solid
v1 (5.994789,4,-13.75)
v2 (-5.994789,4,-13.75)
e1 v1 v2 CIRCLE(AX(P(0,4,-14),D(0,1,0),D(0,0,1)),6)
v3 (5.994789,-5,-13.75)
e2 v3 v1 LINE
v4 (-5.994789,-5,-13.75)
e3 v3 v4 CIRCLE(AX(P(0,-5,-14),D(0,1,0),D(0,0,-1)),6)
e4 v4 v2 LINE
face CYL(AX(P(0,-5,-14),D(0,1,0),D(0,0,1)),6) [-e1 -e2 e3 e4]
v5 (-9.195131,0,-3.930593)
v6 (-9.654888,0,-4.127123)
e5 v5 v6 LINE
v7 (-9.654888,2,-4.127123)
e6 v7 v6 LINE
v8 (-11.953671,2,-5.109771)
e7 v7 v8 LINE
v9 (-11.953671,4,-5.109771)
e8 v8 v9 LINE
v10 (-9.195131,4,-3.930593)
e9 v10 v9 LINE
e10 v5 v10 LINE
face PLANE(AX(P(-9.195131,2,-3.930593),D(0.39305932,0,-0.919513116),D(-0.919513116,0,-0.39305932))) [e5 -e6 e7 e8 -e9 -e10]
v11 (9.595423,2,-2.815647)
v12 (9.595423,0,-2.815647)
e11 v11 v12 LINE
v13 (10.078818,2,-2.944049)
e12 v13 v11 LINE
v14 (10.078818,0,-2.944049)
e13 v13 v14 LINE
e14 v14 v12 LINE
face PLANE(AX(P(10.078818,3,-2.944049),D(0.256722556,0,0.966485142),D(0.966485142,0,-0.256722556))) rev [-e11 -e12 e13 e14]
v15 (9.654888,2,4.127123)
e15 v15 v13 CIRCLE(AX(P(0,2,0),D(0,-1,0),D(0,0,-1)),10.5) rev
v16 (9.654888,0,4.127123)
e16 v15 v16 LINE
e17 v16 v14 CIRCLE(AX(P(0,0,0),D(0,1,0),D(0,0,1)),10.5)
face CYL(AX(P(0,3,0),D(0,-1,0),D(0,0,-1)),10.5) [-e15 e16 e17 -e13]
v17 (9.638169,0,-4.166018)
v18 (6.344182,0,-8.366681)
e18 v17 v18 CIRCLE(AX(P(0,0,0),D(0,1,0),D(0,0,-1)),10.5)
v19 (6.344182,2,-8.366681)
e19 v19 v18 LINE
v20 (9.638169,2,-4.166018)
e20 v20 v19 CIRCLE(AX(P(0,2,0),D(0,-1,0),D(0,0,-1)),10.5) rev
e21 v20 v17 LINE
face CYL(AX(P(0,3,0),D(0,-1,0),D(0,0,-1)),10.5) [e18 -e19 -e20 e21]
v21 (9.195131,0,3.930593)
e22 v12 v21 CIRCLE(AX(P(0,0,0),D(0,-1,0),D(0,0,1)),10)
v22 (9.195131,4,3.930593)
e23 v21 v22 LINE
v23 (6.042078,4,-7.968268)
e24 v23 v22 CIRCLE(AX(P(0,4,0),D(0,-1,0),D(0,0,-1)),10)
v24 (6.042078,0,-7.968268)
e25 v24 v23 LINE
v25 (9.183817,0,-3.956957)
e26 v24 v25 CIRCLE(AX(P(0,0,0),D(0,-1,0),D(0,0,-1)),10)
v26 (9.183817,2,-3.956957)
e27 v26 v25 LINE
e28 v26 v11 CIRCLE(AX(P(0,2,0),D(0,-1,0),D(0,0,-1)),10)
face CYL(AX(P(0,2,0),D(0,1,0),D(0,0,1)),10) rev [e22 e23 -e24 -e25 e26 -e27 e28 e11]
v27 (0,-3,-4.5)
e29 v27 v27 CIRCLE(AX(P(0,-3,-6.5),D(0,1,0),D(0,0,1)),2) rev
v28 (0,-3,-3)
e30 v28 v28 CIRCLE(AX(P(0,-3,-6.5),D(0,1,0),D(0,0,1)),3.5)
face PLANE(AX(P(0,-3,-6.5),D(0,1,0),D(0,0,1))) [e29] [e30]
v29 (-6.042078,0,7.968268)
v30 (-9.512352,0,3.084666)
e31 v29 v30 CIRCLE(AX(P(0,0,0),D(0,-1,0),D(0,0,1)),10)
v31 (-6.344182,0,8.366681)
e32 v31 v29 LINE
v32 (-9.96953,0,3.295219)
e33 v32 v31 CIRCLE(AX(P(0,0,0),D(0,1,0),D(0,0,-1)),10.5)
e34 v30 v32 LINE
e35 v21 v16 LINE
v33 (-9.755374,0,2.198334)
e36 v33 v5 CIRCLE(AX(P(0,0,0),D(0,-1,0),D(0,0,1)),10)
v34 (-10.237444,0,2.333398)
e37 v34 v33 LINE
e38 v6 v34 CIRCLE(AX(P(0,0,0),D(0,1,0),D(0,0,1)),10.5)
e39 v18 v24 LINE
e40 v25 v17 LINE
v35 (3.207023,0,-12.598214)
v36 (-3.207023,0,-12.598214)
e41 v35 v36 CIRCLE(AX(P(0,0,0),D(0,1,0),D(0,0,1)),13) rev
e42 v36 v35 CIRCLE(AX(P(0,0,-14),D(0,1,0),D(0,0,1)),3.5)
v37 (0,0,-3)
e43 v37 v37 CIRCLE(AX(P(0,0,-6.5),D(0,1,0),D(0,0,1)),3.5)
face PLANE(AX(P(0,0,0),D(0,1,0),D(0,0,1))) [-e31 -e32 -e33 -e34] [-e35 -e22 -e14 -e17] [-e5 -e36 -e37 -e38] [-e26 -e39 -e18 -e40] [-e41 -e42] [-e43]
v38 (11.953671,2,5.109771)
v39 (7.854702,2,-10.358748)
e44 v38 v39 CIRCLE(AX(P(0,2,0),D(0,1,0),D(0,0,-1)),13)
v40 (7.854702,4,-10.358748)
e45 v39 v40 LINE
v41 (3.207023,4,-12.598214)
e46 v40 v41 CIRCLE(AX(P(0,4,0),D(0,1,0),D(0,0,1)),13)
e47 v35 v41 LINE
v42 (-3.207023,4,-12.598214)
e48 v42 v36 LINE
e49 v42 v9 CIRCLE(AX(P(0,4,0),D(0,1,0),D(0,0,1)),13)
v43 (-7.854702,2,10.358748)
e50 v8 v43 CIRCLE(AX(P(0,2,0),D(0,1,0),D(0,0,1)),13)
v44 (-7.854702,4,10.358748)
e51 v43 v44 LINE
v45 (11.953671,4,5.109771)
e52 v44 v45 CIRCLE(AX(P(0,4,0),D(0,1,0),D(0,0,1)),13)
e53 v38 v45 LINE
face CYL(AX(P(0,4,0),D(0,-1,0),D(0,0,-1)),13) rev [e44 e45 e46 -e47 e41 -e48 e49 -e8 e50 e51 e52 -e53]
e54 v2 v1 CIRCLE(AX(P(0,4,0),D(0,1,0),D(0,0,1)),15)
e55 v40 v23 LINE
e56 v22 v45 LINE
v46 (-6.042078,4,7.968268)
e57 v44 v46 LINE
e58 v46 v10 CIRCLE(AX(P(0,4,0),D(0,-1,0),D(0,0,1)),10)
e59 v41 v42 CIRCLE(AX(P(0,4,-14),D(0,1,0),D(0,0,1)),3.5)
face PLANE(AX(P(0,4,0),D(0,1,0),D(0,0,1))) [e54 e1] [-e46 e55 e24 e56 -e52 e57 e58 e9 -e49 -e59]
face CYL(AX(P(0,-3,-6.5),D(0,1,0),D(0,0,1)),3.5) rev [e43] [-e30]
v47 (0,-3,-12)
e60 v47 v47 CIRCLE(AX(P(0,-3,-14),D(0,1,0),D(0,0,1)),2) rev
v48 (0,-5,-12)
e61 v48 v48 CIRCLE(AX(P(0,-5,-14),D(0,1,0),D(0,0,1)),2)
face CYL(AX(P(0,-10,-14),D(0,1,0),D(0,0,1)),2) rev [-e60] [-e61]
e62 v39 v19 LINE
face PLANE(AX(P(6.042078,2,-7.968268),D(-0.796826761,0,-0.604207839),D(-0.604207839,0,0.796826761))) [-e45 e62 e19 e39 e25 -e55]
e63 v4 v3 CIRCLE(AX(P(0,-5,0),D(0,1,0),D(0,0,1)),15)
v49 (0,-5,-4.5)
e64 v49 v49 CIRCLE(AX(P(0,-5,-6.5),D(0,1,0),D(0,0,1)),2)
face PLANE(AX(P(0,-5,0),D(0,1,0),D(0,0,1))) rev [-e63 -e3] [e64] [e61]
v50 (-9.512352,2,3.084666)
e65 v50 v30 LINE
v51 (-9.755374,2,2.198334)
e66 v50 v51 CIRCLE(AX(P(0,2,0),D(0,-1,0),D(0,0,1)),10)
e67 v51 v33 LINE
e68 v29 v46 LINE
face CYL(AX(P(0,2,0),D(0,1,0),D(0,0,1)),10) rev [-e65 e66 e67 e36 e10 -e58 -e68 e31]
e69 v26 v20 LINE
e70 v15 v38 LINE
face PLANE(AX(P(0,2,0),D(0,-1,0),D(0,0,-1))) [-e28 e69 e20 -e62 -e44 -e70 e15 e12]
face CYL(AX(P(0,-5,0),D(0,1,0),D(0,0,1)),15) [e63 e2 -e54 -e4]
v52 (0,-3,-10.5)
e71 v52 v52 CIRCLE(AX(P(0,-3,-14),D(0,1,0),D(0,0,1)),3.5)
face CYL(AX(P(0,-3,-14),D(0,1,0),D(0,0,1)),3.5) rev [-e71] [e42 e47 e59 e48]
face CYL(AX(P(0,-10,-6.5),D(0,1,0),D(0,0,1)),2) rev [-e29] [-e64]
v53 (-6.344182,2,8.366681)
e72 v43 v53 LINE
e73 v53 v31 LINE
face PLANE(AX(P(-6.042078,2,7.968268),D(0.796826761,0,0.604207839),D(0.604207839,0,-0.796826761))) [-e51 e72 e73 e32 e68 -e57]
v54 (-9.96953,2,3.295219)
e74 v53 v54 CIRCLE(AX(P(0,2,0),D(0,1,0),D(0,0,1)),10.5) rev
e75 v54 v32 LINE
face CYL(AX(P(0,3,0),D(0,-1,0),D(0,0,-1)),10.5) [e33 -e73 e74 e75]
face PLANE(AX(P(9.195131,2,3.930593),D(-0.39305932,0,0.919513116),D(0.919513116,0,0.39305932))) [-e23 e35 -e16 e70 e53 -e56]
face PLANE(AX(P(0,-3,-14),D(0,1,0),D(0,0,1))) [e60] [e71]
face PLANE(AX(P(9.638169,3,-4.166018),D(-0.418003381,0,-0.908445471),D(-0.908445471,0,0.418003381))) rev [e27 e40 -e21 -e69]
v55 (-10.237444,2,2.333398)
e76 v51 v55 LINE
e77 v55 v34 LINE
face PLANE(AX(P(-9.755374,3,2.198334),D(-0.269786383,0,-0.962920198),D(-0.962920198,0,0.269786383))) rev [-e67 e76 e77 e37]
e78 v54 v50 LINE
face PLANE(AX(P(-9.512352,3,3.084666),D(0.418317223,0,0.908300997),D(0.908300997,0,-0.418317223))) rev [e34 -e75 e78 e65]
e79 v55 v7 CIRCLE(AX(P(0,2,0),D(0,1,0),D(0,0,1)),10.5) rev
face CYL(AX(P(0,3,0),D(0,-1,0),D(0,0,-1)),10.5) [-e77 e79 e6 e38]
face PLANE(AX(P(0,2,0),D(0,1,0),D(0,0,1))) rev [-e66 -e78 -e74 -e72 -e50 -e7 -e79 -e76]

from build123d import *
from build123d.topology import SkipClean

# Parameters (mm, degrees)
SKIZZE1_R                       = 15
AUFSATZ_LINEAR_AUSTRAGEN1_DEPTH = 5
AUFSATZ_LINEAR_START            = 4
SKIZZE2_R                       = 15
SKIZZE2_R_2                     = 13
AUFSATZ_LINEAR_AUSTRAGEN2_DEPTH = 4
AUFSATZ_LINEAR_AUSTRAGEN3_DEPTH = 2
AUFSATZ_LINEAR_START_2          = 3
AUFSATZ_LINEAR_AUSTRAGEN6_DEPTH = 3
SKIZZE12_R                      = 2
SCHNITT_LINEAR_AUSTRAGEN1_DEPTH = 10
SKIZZE13_R                      = 3.5
SCHNITT_LINEAR_AUSTRAGEN2_DEPTH = 7
AUFSATZ_LINEAR_AUSTRAGEN7_DEPTH = 9
SKIZZE15_R                      = 3.5
SKIZZE15_R_2                    = 2
AUFSATZ_LINEAR_AUSTRAGEN8_DEPTH = 2


with BuildPart() as part:
    # Skizze1 → Aufsatz-Linear austragen1 (new body)
    with BuildSketch(Plane(origin=(0, 0, 0), x_dir=(1, 0, 0), z_dir=(0, 1, 0))):
        Circle(SKIZZE1_R)
    extrude(amount=-AUFSATZ_LINEAR_AUSTRAGEN1_DEPTH)

    # Skizze2 → Aufsatz-Linear austragen2 (add)
    with BuildSketch(Plane(origin=(0, 0, 0), x_dir=(1, 0, 0), z_dir=(0, 1, 0)).offset(AUFSATZ_LINEAR_START)):
        Circle(SKIZZE2_R)
        Circle(SKIZZE2_R_2, mode=Mode.SUBTRACT)
    extrude(amount=-AUFSATZ_LINEAR_AUSTRAGEN2_DEPTH)

    # Skizze3 → Aufsatz-Linear austragen3 (add)
    with BuildSketch(Plane(origin=(0, 4, 0), x_dir=(1, 0, 0), z_dir=(0, 1, 0))):
        with BuildLine():
            Line((-6.042078, -7.968268), (-7.854702, -10.358748))
            ThreePointArc((-7.854702, -10.358748), (-12.566291, -3.329914), (-11.953671, 5.109771))
            Line((-11.953671, 5.109771), (-9.195131, 3.930593))
            ThreePointArc((-9.195131, 3.930593), (-9.666378, -2.561472), (-6.042078, -7.968268))
        make_face()
        with BuildLine():
            Line((6.042078, 7.968268), (7.854702, 10.358748))
            ThreePointArc((7.854702, 10.358748), (12.566291, 3.329914), (11.953671, -5.109771))
            Line((11.953671, -5.109771), (9.195131, -3.930593))
            ThreePointArc((9.195131, -3.930593), (9.666378, 2.561472), (6.042078, 7.968268))
        make_face()
    extrude(amount=-AUFSATZ_LINEAR_AUSTRAGEN3_DEPTH)

    # Skizze11 → Aufsatz-Linear austragen6 (add)
    with BuildSketch(Plane(origin=(0, 0, 0), x_dir=(1, 0, 0), z_dir=(0, 1, 0)).offset(AUFSATZ_LINEAR_START_2)):
        with BuildLine():
            Line((-9.195131, 3.930593), (-9.654888, 4.127123))
            ThreePointArc((-9.654888, 4.127123), (-10.457571, 0.942977), (-10.237444, -2.333398))
            Line((-10.237444, -2.333398), (-9.755374, -2.198334))
            ThreePointArc((-9.755374, -2.198334), (-9.958481, 0.910302), (-9.195131, 3.930593))
        make_face()
        with BuildLine():
            Line((-9.512352, -3.084666), (-9.96953, -3.295219))
            ThreePointArc((-9.96953, -3.295219), (-8.541911, -6.106207), (-6.344182, -8.366681))
            Line((-6.344182, -8.366681), (-6.042078, -7.968268))
            ThreePointArc((-6.042078, -7.968268), (-8.151532, -5.792455), (-9.512352, -3.084666))
        make_face()
        with BuildLine():
            Line((6.344182, 8.366681), (6.042078, 7.968268))
            ThreePointArc((6.042078, 7.968268), (7.872714, 6.166066), (9.183817, 3.956957))
            Line((9.183817, 3.956957), (9.638169, 4.166018))
            ThreePointArc((9.638169, 4.166018), (8.262583, 6.479176), (6.344182, 8.366681))
        make_face()
        with BuildLine():
            Line((10.078818, 2.944049), (9.595423, 2.815647))
            ThreePointArc((9.595423, 2.815647), (9.982443, -0.592313), (9.195131, -3.930593))
            Line((9.195131, -3.930593), (9.654888, -4.127123))
            ThreePointArc((9.654888, -4.127123), (10.481181, -0.628367), (10.078818, 2.944049))
        make_face()
    extrude(amount=-AUFSATZ_LINEAR_AUSTRAGEN6_DEPTH)

    # Skizze12 → Schnitt-Linear austragen1 (cut)
    with BuildSketch(Plane(origin=(0, 0, 0), x_dir=(1, 0, 0), z_dir=(0, 1, 0))):
        with Locations((0, 6.5)):
            Circle(SKIZZE12_R)
        with Locations((0, 14)):
            Circle(SKIZZE12_R)
    extrude(amount=-SCHNITT_LINEAR_AUSTRAGEN1_DEPTH, mode=Mode.SUBTRACT)

    # Skizze13 → Schnitt-Linear austragen2 (cut)
    with BuildSketch(Plane(origin=(0, 4, 0), x_dir=(1, 0, 0), z_dir=(0, 1, 0))):
        with Locations((0, 14)):
            Circle(SKIZZE13_R)
        with Locations((0, 6.5)):
            Circle(SKIZZE13_R)
    extrude(amount=-SCHNITT_LINEAR_AUSTRAGEN2_DEPTH, mode=Mode.SUBTRACT)

    # Skizze14 → Aufsatz-Linear austragen7 (add)
    with SkipClean():  # the faces are left unmerged after this step: merging them gives an invalid solid
        with BuildSketch(Plane(origin=(0, 4, 0), x_dir=(1, 0, 0), z_dir=(0, 1, 0))):
            with BuildLine():
                Line((-5.994789, 13.75), (-3.448498, 14.598214))
                ThreePointArc((-3.448498, 14.598214), (0, 17.5), (3.448498, 14.598214))
                Line((3.448498, 14.598214), (5.994789, 13.75))
                ThreePointArc((5.994789, 13.75), (4.330127, 18.153312), (0, 20))
                ThreePointArc((0, 20), (-4.330127, 18.153312), (-5.994789, 13.75))
            make_face()
        extrude(amount=-AUFSATZ_LINEAR_AUSTRAGEN7_DEPTH)

    # Skizze15 → Aufsatz-Linear austragen8 (add)
    with BuildSketch(Plane(origin=(0, -3, 0), x_dir=(1, 0, 0), z_dir=(0, 1, 0))):
        with Locations((0, 14)):
            Circle(SKIZZE15_R)
        with Locations((0, 14)):
            Circle(SKIZZE15_R_2, mode=Mode.SUBTRACT)
    extrude(amount=-AUFSATZ_LINEAR_AUSTRAGEN8_DEPTH)


solid = part.part
